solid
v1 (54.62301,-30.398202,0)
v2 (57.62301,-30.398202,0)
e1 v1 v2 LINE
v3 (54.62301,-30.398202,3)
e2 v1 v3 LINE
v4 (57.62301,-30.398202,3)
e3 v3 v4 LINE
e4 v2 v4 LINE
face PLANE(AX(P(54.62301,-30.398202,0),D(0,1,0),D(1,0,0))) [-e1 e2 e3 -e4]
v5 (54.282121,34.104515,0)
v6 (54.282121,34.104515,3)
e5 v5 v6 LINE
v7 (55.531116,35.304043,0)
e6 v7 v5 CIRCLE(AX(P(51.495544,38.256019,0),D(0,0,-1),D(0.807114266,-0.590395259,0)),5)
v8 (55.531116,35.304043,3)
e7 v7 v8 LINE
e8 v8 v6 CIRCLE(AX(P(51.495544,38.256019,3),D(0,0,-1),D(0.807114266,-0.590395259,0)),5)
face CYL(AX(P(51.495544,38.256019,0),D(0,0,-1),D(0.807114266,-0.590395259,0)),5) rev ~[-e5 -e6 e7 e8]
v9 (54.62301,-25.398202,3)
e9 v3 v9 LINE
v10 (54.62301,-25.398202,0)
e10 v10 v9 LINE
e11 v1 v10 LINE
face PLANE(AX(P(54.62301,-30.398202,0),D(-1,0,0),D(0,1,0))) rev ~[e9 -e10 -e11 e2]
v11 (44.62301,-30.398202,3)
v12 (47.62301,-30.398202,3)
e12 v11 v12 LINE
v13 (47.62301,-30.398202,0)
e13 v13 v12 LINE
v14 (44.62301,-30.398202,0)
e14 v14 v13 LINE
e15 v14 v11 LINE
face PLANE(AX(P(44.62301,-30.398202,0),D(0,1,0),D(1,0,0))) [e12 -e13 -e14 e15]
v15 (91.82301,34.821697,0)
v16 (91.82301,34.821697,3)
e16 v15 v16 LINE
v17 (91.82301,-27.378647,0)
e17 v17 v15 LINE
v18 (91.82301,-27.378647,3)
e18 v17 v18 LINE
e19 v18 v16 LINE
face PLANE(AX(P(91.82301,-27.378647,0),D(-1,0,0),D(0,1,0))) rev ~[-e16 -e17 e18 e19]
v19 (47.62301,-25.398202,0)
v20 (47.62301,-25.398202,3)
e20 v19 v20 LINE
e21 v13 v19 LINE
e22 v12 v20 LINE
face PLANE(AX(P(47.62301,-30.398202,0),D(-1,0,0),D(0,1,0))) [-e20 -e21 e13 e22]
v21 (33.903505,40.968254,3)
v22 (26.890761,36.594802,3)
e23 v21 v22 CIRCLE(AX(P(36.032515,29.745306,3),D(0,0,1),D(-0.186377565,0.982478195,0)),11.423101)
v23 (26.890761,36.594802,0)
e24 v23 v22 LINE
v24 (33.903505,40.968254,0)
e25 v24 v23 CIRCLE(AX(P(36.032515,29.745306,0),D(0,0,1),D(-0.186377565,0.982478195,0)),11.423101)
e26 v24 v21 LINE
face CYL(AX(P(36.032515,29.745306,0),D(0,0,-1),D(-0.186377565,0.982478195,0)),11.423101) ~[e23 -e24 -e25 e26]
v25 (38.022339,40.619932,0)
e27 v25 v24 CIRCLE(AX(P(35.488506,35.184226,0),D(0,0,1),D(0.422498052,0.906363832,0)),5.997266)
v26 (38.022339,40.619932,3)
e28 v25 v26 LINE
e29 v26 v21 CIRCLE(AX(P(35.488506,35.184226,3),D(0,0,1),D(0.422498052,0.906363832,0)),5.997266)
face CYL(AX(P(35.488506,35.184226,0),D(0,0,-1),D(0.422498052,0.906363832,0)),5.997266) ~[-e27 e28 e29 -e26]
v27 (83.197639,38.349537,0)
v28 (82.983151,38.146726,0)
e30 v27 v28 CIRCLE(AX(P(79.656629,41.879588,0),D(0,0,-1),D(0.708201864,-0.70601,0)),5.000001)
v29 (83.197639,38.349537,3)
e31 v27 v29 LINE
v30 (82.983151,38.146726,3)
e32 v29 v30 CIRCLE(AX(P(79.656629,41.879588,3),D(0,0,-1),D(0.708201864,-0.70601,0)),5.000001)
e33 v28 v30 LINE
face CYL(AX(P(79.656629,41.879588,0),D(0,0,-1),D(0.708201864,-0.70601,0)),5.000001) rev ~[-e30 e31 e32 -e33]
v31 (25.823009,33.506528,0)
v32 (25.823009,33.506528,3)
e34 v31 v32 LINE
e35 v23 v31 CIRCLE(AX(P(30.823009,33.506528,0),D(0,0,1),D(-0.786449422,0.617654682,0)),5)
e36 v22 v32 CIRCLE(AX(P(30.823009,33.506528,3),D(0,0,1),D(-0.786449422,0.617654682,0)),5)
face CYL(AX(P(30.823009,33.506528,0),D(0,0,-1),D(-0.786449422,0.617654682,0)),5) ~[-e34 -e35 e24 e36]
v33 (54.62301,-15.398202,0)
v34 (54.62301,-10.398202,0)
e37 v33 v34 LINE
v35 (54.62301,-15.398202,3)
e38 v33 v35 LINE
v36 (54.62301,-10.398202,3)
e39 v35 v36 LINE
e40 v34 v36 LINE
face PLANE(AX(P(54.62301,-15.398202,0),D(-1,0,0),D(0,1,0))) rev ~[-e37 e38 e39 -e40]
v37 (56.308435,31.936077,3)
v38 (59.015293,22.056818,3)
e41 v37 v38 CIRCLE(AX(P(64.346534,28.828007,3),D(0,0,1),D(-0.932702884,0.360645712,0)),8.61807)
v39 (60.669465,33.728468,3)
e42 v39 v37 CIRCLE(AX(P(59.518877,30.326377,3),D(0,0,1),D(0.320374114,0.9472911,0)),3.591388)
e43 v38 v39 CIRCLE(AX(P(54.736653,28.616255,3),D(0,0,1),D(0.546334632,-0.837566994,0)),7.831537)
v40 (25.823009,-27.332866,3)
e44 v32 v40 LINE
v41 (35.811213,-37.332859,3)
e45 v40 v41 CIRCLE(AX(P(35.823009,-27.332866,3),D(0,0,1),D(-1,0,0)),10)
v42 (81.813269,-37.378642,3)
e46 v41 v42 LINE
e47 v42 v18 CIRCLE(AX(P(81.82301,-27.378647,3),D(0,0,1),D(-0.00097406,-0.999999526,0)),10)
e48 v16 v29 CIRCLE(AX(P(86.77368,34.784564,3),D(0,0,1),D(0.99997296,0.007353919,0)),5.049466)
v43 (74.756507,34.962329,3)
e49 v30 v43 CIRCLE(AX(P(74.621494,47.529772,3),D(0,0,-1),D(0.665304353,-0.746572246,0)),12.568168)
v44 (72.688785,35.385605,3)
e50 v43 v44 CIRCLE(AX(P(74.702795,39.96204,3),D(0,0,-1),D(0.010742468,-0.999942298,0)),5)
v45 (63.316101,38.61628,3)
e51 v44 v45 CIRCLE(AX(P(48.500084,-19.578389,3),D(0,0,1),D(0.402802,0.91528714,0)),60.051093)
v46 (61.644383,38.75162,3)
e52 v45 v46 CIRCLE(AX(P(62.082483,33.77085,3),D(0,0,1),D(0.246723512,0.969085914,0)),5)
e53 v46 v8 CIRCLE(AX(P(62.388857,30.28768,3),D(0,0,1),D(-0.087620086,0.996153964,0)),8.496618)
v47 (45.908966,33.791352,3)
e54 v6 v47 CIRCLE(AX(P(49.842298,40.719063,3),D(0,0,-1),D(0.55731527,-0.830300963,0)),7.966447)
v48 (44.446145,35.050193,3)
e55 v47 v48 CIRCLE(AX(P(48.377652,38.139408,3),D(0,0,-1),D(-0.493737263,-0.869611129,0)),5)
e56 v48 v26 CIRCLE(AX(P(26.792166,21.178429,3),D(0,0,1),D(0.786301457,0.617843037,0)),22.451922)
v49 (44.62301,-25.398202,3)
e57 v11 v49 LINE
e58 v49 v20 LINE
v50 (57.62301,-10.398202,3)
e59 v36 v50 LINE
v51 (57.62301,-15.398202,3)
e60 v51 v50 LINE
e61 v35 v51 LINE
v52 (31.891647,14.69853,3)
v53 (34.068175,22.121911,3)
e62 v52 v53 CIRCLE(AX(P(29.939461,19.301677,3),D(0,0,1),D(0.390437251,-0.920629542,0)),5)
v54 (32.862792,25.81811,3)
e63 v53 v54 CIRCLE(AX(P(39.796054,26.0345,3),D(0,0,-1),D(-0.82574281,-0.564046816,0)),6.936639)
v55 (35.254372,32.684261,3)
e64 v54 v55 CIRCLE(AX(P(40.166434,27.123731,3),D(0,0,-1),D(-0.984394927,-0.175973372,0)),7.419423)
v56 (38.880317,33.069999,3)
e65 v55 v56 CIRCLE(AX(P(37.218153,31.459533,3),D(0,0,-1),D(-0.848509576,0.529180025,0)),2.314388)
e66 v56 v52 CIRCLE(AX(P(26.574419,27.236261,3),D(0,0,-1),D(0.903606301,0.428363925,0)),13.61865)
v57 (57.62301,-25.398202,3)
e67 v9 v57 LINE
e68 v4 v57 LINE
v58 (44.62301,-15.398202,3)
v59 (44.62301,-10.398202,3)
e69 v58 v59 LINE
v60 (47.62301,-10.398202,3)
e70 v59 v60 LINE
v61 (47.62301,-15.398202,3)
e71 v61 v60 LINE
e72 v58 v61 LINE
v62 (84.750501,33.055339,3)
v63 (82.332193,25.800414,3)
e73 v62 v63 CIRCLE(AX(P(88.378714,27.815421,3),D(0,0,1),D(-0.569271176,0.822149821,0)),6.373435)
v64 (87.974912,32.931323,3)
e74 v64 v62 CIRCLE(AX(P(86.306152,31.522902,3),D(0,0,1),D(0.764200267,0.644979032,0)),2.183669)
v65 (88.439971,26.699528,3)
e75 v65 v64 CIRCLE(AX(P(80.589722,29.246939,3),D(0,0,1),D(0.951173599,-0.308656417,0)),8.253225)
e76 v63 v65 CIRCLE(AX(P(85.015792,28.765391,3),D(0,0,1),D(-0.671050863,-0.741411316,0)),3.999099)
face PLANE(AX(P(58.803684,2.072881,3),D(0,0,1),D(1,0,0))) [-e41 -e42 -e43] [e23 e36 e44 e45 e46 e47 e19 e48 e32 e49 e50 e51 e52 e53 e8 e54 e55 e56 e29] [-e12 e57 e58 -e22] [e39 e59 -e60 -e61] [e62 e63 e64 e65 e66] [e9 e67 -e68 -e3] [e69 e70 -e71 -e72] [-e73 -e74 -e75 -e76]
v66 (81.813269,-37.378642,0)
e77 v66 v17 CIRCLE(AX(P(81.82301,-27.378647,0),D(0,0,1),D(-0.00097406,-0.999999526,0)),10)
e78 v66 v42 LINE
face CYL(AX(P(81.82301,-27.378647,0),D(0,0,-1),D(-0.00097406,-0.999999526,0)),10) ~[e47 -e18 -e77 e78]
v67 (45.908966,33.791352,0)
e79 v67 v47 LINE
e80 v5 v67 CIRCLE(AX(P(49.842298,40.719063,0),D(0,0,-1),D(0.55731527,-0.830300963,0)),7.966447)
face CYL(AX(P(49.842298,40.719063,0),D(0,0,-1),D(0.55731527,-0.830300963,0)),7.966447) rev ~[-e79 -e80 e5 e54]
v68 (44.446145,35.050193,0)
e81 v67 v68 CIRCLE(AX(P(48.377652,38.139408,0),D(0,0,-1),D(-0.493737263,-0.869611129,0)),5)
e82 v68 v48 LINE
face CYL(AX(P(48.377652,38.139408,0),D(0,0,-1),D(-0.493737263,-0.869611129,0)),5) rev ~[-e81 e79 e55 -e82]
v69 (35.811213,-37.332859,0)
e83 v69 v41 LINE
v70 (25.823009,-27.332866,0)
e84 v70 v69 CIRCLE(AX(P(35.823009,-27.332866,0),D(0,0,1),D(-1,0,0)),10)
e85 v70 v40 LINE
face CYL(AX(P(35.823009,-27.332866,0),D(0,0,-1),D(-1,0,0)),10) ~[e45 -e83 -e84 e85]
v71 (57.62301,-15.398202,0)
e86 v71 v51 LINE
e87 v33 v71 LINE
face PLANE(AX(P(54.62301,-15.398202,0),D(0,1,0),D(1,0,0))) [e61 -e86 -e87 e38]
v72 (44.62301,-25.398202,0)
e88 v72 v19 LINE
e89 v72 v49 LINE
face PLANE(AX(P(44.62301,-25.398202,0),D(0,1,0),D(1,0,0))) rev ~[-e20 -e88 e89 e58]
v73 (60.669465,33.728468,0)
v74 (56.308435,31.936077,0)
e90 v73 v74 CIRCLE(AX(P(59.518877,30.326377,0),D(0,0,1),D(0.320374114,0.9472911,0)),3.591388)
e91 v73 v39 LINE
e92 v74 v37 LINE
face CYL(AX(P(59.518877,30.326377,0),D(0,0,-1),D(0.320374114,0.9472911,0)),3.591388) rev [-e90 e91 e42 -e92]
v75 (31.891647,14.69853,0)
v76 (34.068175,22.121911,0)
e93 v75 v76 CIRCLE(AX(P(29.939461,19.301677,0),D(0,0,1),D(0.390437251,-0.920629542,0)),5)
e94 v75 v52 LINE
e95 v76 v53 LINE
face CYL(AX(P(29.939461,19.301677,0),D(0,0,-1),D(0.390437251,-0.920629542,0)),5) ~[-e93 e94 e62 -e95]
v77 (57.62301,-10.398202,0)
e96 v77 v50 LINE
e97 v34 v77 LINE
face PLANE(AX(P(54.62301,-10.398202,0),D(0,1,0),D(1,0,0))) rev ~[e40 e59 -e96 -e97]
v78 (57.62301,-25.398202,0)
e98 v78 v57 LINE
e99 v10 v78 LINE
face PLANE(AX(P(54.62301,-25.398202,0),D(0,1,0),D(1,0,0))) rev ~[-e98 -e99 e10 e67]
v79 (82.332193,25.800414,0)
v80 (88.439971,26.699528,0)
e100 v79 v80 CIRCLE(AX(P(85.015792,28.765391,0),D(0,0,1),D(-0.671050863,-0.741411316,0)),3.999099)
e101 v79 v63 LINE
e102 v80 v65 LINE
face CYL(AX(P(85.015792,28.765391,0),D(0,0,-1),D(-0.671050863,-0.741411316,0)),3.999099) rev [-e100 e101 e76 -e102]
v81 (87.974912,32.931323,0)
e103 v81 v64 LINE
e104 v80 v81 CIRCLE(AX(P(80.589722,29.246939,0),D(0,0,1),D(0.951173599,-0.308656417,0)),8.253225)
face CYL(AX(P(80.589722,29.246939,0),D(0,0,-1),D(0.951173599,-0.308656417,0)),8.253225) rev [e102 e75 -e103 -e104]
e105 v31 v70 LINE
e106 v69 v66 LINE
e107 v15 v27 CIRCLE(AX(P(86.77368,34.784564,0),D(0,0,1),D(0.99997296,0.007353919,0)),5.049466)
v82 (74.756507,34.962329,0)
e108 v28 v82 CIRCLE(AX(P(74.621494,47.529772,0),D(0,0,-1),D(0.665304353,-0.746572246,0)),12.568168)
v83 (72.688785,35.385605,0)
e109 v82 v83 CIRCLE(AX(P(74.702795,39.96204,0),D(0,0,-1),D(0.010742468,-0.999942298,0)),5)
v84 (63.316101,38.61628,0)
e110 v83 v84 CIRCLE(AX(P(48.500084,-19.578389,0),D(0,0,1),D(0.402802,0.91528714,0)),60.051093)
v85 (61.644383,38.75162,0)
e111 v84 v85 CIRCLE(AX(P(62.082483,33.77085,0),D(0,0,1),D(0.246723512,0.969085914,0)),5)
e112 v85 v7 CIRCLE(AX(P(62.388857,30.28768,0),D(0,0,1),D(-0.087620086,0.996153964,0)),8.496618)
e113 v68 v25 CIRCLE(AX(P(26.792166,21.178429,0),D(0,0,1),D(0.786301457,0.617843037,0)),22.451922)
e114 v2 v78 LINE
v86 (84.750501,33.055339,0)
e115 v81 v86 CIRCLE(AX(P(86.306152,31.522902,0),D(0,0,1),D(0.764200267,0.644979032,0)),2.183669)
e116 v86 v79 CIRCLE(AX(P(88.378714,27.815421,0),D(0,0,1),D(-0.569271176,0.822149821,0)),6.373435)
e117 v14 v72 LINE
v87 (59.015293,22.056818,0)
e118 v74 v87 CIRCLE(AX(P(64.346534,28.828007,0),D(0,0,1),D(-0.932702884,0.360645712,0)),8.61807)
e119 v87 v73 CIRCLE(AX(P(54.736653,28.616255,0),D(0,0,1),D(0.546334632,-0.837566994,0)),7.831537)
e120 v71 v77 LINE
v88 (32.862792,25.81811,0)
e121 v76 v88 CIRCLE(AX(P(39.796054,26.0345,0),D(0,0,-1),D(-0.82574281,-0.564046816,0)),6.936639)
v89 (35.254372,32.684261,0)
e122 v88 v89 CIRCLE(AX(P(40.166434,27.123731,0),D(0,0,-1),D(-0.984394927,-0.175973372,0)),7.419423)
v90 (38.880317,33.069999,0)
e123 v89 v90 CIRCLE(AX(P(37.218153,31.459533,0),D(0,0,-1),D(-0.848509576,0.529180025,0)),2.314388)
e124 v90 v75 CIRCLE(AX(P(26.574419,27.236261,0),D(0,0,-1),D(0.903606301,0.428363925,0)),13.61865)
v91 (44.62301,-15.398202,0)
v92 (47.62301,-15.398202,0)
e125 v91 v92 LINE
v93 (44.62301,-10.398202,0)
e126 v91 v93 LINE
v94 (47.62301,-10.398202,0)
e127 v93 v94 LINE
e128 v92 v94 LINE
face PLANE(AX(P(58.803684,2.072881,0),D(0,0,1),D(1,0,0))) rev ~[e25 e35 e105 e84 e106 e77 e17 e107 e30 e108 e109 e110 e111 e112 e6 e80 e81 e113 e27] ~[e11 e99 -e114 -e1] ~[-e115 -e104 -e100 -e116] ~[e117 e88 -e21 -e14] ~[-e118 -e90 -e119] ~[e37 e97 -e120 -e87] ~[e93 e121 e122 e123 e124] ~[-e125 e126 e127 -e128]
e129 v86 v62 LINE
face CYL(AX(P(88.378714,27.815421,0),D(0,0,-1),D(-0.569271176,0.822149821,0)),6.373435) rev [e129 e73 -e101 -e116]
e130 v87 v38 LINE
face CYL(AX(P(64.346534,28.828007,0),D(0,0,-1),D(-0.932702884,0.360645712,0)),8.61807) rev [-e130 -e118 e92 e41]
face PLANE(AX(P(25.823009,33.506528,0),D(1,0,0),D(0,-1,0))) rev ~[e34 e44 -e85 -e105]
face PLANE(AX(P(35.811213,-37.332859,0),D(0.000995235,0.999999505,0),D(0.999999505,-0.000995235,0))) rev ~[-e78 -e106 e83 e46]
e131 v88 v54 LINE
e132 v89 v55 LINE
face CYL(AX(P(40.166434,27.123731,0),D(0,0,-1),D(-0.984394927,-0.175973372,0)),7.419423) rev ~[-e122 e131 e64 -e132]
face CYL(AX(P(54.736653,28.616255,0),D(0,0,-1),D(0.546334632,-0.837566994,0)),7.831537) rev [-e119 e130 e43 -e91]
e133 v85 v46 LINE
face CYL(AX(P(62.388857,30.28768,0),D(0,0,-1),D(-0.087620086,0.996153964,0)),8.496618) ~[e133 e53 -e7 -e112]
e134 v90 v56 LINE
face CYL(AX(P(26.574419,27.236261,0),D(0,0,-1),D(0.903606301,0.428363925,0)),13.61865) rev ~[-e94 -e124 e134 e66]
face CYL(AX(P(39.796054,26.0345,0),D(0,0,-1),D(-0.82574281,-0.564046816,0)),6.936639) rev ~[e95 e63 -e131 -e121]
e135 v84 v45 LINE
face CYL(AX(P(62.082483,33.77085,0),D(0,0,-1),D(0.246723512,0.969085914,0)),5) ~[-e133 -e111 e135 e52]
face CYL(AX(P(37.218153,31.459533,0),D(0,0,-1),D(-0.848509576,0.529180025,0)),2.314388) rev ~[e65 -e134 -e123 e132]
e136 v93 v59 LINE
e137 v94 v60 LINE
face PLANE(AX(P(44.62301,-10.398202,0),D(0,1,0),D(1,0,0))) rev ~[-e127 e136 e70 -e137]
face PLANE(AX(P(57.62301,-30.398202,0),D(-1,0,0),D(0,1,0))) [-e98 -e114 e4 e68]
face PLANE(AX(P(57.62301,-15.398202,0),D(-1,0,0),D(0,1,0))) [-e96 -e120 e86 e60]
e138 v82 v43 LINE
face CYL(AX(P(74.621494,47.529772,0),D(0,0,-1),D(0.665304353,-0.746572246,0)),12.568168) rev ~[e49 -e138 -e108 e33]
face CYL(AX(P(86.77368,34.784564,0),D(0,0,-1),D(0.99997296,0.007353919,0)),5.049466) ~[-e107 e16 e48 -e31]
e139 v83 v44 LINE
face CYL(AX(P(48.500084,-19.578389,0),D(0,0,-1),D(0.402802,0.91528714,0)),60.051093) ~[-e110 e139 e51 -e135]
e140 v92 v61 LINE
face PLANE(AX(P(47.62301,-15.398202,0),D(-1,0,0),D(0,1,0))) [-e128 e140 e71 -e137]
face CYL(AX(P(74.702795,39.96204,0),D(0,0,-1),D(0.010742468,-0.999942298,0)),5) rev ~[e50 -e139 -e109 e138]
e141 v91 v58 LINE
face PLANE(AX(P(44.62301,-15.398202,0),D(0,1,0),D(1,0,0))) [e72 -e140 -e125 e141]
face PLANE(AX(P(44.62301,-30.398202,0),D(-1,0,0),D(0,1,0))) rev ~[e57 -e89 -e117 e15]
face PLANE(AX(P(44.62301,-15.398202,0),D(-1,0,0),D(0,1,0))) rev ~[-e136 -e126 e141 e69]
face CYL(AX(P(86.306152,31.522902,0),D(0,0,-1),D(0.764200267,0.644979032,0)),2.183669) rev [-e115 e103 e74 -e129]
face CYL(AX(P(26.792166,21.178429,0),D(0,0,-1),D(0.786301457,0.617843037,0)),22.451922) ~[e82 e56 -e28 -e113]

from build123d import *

# Parameters (mm, degrees)
MODEL_W                 = 3
MODEL_H                 = 5
SALIENTE_EXTRUIR1_DEPTH = 3


with BuildPart() as part:
    # Model → Saliente-Extruir1 (new body)
    with BuildSketch(Plane.XY):
        with BuildLine():
            Line((25.823008531, 25.328827472), (25.823008531, -27.332866004))
            ThreePointArc((25.823008531, -27.332866004), (28.747771663, -34.399762301), (35.811213184, -37.332859048))
            Line((35.811213184, -37.332859048), (81.813268997, -37.378641912))
            ThreePointArc((81.813268997, -37.378641912), (88.89063275, -34.453157454), (91.823009601, -27.378646656))
            Line((91.823009601, -27.378646656), (91.823009601, 34.821697163))
            ThreePointArc((91.823009601, 34.821697163), (88.685239194, 39.45821871), (83.197638532, 38.349537442))
            ThreePointArc((83.197638532, 38.349537442), (83.091891778, 38.246548616), (82.983150977, 38.146726212))
            ThreePointArc((82.983150977, 38.146726212), (79.158392414, 35.809046345), (74.756507073, 34.962328761))
            ThreePointArc((74.756507073, 34.962328761), (73.700057315, 35.063620335), (72.68878473, 35.38560455))
            ThreePointArc((72.68878473, 35.38560455), (68.069225879, 37.194690132), (63.316100845, 38.616279747))
            ThreePointArc((63.316100845, 38.616279747), (62.485957107, 38.754544477), (61.644382862, 38.751619998))
            ThreePointArc((61.644382862, 38.751619998), (58.215145594, 37.688534886), (55.531115502, 35.304043186))
            ThreePointArc((55.531115502, 35.304043186), (54.958944511, 34.649794571), (54.282120522, 34.104514662))
            ThreePointArc((54.282120522, 34.104514662), (50.140040935, 32.758182229), (45.908966143, 33.791352311))
            ThreePointArc((45.908966143, 33.791352311), (45.116243353, 34.349525285), (44.446145174, 35.050192768))
            ThreePointArc((44.446145174, 35.050192768), (41.500295, 38.141911881), (38.022338936, 40.619931641))
            ThreePointArc((38.022338936, 40.619931641), (35.993879777, 41.16016146), (33.903505077, 40.96825411))
            ThreePointArc((33.903505077, 40.96825411), (29.987740451, 39.437981004), (26.890761417, 36.594801579))
            ThreePointArc((26.890761417, 36.594801579), (26.097480223, 35.140352586), (25.823008531, 33.506528172))
            Line((25.823008531, 33.506528172), (25.823008531, 25.328827472))
        make_face()
        with Locations((56.123009601, -12.898202125)):
            Rectangle(MODEL_W, MODEL_H, mode=Mode.SUBTRACT)
        with Locations((46.123009601, -12.898202125)):
            Rectangle(MODEL_W, MODEL_H, mode=Mode.SUBTRACT)
        with Locations((56.123009601, -27.898202125)):
            Rectangle(MODEL_W, MODEL_H, mode=Mode.SUBTRACT)
        with Locations((46.123009601, -27.898202125)):
            Rectangle(MODEL_W, MODEL_H, mode=Mode.SUBTRACT)
        with BuildLine():
            ThreePointArc((31.891647008, 14.698529627), (34.737479764, 17.894903167), (34.068174805, 22.121911417))
            ThreePointArc((34.068174805, 22.121911417), (33.201238031, 23.883836719), (32.862791652, 25.818110274))
            ThreePointArc((32.862791652, 25.818110274), (33.159875497, 29.564217988), (35.254372097, 32.684260585))
            ThreePointArc((35.254372097, 32.684260585), (36.97332261, 33.76093452), (38.880316643, 33.069999366))
            ThreePointArc((38.880316643, 33.069999366), (39.303180243, 22.39412756), (31.891647008, 14.698529627))
        make_face(mode=Mode.SUBTRACT)
        with BuildLine():
            ThreePointArc((60.669464902, 33.72846753), (58.153624192, 33.64814712), (56.308435323, 31.936077063))
            ThreePointArc((56.308435323, 31.936077063), (56.034810359, 26.550644681), (59.015292929, 22.056818226))
            ThreePointArc((59.015292929, 22.056818226), (62.490702694, 27.517307494), (60.669464902, 33.72846753))
        make_face(mode=Mode.SUBTRACT)
        with BuildLine():
            ThreePointArc((87.974912144, 32.931323036), (86.39007686, 33.704958001), (84.750501033, 33.055338848))
            ThreePointArc((84.750501033, 33.055338848), (82.332342702, 29.830877737), (82.3321927, 25.800413849))
            ThreePointArc((82.3321927, 25.800413849), (85.598214893, 24.80893095), (88.439971438, 26.699528486))
            ThreePointArc((88.439971438, 26.699528486), (88.820060436, 29.86114357), (87.974912144, 32.931323036))
        make_face(mode=Mode.SUBTRACT)
    extrude(amount=SALIENTE_EXTRUIR1_DEPTH)


solid = part.part
